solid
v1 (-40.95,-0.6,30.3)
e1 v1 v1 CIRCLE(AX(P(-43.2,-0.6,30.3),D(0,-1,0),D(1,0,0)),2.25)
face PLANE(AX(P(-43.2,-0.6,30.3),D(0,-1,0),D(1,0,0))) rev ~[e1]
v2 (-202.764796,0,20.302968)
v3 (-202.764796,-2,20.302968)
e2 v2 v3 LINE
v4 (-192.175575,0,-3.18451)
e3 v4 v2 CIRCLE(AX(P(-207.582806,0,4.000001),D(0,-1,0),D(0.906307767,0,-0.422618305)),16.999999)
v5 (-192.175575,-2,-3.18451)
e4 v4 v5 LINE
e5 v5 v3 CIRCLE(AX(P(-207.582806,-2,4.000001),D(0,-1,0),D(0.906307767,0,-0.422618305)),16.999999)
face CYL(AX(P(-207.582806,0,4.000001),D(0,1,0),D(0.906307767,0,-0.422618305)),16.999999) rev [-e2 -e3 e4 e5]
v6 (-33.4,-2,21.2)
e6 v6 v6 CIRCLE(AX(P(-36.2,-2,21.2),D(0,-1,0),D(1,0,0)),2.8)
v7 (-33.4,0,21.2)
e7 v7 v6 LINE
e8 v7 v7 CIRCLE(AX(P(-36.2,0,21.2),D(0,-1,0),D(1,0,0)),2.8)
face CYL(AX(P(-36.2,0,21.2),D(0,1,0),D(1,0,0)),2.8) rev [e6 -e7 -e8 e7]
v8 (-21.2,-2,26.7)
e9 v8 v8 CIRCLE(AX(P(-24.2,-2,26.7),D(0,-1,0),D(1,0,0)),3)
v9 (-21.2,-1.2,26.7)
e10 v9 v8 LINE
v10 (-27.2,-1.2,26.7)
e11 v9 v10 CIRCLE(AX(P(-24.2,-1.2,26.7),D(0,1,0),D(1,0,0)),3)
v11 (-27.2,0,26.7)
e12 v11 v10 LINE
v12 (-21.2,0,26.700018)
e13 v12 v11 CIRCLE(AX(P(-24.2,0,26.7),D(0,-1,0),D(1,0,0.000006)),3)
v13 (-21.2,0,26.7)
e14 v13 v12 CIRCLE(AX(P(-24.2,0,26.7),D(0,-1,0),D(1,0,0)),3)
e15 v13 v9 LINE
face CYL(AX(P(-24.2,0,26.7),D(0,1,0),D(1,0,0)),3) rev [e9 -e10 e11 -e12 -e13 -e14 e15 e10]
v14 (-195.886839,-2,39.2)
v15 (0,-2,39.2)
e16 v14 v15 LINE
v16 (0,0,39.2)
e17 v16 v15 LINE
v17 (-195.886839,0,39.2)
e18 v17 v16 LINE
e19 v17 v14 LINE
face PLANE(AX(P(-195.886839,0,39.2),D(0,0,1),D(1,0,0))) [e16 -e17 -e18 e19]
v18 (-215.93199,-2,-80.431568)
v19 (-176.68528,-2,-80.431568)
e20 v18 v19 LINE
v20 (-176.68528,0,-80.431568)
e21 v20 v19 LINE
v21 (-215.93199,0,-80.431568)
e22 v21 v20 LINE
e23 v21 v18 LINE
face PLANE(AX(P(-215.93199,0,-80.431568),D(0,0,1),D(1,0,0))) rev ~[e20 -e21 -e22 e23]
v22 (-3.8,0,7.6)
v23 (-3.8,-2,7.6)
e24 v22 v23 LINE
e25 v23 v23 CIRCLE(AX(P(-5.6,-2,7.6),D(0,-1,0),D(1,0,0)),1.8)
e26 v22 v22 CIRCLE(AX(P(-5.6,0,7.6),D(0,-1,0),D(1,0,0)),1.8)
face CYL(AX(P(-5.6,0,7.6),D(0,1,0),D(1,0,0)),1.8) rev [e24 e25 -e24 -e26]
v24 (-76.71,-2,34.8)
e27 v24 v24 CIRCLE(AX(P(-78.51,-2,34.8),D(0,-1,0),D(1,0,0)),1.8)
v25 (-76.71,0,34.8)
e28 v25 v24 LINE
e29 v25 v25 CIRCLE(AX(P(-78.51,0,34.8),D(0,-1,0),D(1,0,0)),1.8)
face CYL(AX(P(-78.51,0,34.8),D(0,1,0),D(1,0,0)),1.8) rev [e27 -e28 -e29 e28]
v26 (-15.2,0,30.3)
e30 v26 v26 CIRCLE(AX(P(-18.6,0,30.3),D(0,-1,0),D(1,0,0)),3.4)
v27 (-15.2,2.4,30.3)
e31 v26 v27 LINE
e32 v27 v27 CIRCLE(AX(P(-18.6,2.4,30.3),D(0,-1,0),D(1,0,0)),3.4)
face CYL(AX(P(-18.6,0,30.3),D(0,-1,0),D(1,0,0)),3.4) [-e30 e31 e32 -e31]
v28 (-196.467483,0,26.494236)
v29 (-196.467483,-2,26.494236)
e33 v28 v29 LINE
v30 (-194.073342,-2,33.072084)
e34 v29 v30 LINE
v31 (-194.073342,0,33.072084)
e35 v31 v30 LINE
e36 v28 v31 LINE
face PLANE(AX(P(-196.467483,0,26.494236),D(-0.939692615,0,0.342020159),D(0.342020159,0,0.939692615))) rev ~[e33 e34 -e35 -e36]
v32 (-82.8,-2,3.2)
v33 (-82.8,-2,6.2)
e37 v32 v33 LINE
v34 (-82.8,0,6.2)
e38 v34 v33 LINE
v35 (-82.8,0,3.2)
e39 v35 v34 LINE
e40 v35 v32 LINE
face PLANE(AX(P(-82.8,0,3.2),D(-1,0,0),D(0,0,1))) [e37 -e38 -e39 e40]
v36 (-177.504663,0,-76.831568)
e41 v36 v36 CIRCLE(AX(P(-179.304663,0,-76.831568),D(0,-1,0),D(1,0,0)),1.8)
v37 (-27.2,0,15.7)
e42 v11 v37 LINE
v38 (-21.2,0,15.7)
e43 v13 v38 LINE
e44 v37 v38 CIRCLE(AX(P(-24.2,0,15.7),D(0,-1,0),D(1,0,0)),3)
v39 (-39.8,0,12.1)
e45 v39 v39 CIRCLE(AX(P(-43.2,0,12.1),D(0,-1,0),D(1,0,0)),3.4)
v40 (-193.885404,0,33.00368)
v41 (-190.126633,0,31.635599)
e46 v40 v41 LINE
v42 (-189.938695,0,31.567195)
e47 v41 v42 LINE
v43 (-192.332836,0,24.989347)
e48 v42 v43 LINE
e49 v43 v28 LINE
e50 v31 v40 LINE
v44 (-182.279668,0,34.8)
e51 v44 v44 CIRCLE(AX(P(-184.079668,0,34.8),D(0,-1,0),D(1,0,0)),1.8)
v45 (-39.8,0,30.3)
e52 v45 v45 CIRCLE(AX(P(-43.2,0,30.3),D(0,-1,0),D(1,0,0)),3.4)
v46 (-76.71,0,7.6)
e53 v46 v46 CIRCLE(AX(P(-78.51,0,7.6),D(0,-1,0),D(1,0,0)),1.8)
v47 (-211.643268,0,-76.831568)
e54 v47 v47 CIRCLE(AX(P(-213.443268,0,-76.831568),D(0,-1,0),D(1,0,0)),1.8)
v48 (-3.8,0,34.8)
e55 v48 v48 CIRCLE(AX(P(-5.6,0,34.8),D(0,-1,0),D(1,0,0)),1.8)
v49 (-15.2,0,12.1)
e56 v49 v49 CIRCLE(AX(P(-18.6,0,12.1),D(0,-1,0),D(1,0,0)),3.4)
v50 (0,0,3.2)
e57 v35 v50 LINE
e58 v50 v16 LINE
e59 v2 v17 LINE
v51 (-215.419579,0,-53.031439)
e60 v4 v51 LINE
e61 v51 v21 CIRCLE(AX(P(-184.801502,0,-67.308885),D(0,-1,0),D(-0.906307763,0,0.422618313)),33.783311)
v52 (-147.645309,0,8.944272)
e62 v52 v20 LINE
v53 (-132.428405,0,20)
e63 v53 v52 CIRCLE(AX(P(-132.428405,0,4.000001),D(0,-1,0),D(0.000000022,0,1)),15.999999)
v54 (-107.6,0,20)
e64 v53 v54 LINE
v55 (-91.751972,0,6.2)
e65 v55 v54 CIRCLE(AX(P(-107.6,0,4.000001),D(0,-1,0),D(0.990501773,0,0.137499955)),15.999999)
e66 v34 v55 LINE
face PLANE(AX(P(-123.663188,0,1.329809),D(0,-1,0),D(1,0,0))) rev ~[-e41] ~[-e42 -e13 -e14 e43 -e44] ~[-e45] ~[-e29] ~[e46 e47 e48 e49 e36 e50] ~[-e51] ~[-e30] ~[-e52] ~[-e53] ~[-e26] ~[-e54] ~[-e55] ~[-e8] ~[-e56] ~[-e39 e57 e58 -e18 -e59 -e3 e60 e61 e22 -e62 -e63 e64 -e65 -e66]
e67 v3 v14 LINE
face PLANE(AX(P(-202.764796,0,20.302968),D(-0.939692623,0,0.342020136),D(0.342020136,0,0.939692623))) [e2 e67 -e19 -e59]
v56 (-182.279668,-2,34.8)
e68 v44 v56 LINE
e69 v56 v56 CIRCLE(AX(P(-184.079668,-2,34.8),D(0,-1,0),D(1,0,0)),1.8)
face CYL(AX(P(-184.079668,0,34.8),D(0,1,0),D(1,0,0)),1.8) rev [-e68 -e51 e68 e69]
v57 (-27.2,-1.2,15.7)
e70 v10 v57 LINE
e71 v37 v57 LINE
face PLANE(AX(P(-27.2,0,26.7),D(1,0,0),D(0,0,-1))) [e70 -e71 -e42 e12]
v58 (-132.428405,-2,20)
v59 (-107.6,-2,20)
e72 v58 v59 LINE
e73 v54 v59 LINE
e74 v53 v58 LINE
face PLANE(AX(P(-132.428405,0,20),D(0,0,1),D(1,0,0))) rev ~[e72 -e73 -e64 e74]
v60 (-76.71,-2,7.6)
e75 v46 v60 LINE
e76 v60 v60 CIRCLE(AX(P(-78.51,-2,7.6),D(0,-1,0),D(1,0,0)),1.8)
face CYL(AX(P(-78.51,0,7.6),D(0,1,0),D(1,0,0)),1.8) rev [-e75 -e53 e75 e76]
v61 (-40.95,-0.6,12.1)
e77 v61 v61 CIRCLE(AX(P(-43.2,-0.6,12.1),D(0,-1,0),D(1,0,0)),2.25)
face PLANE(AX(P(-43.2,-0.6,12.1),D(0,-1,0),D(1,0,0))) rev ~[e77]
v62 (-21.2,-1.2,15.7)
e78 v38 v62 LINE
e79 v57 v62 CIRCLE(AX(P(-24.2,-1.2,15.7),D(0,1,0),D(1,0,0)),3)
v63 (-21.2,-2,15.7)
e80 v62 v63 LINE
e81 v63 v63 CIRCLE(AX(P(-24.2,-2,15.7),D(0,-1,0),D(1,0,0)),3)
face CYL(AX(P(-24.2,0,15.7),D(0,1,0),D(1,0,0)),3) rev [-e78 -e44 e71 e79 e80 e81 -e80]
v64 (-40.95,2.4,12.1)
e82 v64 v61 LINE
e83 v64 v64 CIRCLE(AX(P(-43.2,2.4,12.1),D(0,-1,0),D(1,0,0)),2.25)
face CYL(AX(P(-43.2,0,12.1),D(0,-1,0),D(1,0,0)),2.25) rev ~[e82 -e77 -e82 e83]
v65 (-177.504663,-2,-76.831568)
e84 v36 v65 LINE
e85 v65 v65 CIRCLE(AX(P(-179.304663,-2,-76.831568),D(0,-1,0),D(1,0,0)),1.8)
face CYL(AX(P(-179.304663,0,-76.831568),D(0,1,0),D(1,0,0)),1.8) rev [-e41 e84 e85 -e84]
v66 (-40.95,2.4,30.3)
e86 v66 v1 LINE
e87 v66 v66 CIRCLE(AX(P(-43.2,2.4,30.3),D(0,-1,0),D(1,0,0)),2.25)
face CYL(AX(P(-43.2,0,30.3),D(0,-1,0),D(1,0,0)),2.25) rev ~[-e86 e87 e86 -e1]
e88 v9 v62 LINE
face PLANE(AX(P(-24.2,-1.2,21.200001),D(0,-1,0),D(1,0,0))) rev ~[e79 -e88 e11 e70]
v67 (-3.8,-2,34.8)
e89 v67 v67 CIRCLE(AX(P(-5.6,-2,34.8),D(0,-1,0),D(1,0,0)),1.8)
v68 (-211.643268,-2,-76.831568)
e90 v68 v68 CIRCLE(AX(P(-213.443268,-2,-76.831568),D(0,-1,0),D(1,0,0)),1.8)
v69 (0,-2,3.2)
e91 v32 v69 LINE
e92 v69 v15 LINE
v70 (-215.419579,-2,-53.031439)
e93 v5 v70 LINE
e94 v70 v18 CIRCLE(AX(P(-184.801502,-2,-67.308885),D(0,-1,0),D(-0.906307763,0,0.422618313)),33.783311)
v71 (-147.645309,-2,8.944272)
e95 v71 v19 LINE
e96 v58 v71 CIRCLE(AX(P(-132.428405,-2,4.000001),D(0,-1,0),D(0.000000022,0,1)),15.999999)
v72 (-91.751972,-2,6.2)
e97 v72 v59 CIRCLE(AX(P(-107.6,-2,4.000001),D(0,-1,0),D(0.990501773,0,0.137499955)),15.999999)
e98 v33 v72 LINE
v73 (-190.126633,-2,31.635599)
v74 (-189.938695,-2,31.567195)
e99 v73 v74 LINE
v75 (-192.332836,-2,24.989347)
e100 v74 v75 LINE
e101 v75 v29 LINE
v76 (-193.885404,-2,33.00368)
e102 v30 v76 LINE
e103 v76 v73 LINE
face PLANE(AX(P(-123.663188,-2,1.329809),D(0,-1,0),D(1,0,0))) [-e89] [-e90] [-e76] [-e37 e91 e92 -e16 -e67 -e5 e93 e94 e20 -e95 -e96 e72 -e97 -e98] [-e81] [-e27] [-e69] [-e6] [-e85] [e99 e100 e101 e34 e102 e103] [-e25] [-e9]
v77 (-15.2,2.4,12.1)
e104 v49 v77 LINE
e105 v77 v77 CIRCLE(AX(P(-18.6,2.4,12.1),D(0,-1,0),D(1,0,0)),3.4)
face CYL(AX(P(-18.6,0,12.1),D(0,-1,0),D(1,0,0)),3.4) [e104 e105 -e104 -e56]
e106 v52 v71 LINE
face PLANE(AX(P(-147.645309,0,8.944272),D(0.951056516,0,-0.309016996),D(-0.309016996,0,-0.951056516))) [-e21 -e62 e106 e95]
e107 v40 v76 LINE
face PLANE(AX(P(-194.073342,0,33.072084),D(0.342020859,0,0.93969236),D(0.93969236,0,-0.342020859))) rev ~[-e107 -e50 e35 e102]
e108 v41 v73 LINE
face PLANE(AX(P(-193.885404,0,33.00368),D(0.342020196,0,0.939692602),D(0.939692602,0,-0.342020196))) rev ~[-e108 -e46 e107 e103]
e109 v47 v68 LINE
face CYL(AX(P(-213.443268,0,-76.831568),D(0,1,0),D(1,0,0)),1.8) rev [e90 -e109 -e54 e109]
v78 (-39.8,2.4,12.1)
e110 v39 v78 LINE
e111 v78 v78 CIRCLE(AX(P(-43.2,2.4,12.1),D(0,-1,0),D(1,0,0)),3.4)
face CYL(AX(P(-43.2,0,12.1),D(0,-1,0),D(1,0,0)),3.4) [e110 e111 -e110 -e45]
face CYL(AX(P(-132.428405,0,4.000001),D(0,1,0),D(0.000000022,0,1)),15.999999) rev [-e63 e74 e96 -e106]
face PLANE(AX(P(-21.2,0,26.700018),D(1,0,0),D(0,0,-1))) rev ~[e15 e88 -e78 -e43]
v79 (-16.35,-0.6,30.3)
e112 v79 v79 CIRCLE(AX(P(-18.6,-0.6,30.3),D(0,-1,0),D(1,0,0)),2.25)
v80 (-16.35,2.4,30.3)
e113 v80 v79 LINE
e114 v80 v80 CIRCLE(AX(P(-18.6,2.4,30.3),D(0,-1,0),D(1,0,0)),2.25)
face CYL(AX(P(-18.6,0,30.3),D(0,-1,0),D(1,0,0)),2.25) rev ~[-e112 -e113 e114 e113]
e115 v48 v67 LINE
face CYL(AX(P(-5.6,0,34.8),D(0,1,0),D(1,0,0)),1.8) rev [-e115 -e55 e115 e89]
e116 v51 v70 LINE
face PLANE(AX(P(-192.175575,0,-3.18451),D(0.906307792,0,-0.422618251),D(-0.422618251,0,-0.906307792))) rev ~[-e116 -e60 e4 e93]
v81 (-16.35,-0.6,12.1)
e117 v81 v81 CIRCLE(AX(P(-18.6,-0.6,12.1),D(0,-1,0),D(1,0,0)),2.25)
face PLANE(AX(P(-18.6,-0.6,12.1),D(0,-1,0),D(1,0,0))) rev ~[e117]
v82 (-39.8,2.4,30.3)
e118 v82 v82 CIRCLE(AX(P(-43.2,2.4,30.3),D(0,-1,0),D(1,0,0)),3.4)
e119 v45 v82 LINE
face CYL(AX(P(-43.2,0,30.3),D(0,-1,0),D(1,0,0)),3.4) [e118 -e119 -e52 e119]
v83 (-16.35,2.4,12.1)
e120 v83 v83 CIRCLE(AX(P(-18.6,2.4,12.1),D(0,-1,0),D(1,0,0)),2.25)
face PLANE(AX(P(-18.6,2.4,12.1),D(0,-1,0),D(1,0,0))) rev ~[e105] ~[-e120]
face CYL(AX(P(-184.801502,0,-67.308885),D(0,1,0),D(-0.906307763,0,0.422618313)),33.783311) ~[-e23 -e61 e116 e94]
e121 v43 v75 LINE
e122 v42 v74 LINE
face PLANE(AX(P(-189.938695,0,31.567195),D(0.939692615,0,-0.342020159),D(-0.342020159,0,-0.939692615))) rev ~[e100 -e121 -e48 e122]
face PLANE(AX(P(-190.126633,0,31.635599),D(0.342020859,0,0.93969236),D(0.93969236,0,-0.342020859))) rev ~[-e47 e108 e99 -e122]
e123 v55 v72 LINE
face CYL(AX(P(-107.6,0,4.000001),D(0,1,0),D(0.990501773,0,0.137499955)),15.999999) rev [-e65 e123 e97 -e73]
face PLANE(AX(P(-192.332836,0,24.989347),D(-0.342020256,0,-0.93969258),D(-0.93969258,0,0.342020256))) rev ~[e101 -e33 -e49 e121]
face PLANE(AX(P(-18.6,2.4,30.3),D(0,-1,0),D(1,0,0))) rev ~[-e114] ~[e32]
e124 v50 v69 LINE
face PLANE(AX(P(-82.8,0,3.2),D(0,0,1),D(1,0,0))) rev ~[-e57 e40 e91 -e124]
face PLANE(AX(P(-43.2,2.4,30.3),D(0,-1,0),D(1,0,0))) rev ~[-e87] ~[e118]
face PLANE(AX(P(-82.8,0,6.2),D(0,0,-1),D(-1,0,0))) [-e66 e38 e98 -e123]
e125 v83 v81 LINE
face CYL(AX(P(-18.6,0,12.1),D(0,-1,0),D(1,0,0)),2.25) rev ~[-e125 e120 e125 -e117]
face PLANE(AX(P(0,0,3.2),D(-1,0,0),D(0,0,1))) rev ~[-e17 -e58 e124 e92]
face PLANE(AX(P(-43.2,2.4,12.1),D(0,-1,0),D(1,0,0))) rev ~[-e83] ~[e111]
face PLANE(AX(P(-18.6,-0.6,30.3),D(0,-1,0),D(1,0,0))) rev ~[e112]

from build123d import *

# Parameters (mm, degrees)
SKETCH080_R           = 2.25
EXTRUDE081_DEPTH      = 0.6
EXTRUDE081_DEPTH_BACK = 2.4
SKETCH081_R           = 3.4
EXTRUDE080_DEPTH      = 2.4
EXTRUDE079_DEPTH      = 1.2
SKETCH075_R           = 1.8
SKETCH075_R_2         = 2.8
SKETCH075_R_3         = 3
EXTRUDE078_DEPTH      = 2


with BuildPart() as extrude081:
    # Sketch080 → Extrude081 (new body, two sides)
    with BuildSketch(Plane.XZ) as extrude081_sk:
        with Locations((-18.6, 12.1)):
            Circle(SKETCH080_R)
        with Locations((-18.6, 30.3)):
            Circle(SKETCH080_R)
        with Locations((-43.2, 30.3)):
            Circle(SKETCH080_R)
        with Locations((-43.2, 12.1)):
            Circle(SKETCH080_R)
    extrude(amount=EXTRUDE081_DEPTH)
    extrude(extrude081_sk.sketch, amount=-EXTRUDE081_DEPTH_BACK)


with BuildPart() as extrude080:
    # Sketch081 → Extrude080 (new body)
    with BuildSketch(Plane.XZ):
        with Locations((-43.2, 30.3)):
            Circle(SKETCH081_R)
        with Locations((-18.6, 30.3)):
            Circle(SKETCH081_R)
        with Locations((-43.2, 12.1)):
            Circle(SKETCH081_R)
        with Locations((-18.6, 12.1)):
            Circle(SKETCH081_R)
    extrude(amount=-EXTRUDE080_DEPTH)


with BuildPart() as extrude_lato_dx_pistola_scavi_pulsanti:
    # Sketch077 → Extrude079 (new body)
    with BuildSketch(Plane.XZ):
        with BuildLine():
            Line((-27.2, 26.7), (-27.2, 15.7))
            ThreePointArc((-27.2, 15.7), (-24.2, 12.7), (-21.2, 15.7))
            Line((-21.2, 26.700018), (-21.2, 15.7))
            ThreePointArc((-21.2, 26.700018), (-24.200009, 29.7), (-27.2, 26.7))
        make_face()
    extrude(amount=EXTRUDE079_DEPTH)


with BuildPart() as cut046:
    # Sketch075 → Extrude078 (new body)
    with BuildSketch(Plane.XZ):
        with BuildLine():
            Line((-82.8, 3.2), (0, 3.2))
            Line((0, 3.2), (0, 39.2))
            Line((-195.886839, 39.2), (0, 39.2))
            Line((-202.764796, 20.302968), (-195.886839, 39.2))
            ThreePointArc((-192.175575, -3.18451), (-192.085048, 10.987093), (-202.764796, 20.302968))
            Line((-192.175575, -3.18451), (-215.419579, -53.031439))
            ThreePointArc((-215.419579, -53.031439), (-218.578907, -66.677212), (-215.93199, -80.431568))
            Line((-215.93199, -80.431568), (-176.68528, -80.431568))
            Line((-147.645309, 8.944272), (-176.68528, -80.431568))
            ThreePointArc((-132.428405, 20), (-141.832969, 16.944272), (-147.645309, 8.944272))
            Line((-132.428405, 20), (-107.6, 20))
            ThreePointArc((-91.751972, 6.2), (-97.09286, 16.066483), (-107.6, 20))
            Line((-82.8, 6.2), (-91.751972, 6.2))
            Line((-82.8, 3.2), (-82.8, 6.2))
        make_face()
        with Locations((-213.443268, -76.831568)):
            Circle(SKETCH075_R, mode=Mode.SUBTRACT)
        with Locations((-179.304663, -76.831568)):
            Circle(SKETCH075_R, mode=Mode.SUBTRACT)
        with Locations((-184.079668, 34.8)):
            Circle(SKETCH075_R, mode=Mode.SUBTRACT)
        with Locations((-78.51, 34.8)):
            Circle(SKETCH075_R, mode=Mode.SUBTRACT)
        with Locations((-78.51, 7.6)):
            Circle(SKETCH075_R, mode=Mode.SUBTRACT)
        with Locations((-5.6, 34.8)):
            Circle(SKETCH075_R, mode=Mode.SUBTRACT)
        with Locations((-5.6, 7.6)):
            Circle(SKETCH075_R, mode=Mode.SUBTRACT)
        with Locations((-36.2, 21.2)):
            Circle(SKETCH075_R_2, mode=Mode.SUBTRACT)
        with Locations((-24.2, 26.7)):
            Circle(SKETCH075_R_3, mode=Mode.SUBTRACT)
        with Locations((-24.2, 15.7)):
            Circle(SKETCH075_R_3, mode=Mode.SUBTRACT)
        Polygon((-189.938695, 31.567195), (-192.332836, 24.989347), (-196.467483, 26.494236), (-194.073342, 33.072084), (-193.885404, 33.00368), (-190.126633, 31.635599), align=None, mode=Mode.SUBTRACT)
    extrude(amount=EXTRUDE078_DEPTH)

    # Cut045: cut Extrude lato dx pistola - scavi pulsanti
    add(extrude_lato_dx_pistola_scavi_pulsanti.part, mode=Mode.SUBTRACT)

    # Fusion004: union Extrude080
    add(extrude080.part)

    # Cut046: cut Extrude081
    add(extrude081.part, mode=Mode.SUBTRACT)


solid = cut046.part
